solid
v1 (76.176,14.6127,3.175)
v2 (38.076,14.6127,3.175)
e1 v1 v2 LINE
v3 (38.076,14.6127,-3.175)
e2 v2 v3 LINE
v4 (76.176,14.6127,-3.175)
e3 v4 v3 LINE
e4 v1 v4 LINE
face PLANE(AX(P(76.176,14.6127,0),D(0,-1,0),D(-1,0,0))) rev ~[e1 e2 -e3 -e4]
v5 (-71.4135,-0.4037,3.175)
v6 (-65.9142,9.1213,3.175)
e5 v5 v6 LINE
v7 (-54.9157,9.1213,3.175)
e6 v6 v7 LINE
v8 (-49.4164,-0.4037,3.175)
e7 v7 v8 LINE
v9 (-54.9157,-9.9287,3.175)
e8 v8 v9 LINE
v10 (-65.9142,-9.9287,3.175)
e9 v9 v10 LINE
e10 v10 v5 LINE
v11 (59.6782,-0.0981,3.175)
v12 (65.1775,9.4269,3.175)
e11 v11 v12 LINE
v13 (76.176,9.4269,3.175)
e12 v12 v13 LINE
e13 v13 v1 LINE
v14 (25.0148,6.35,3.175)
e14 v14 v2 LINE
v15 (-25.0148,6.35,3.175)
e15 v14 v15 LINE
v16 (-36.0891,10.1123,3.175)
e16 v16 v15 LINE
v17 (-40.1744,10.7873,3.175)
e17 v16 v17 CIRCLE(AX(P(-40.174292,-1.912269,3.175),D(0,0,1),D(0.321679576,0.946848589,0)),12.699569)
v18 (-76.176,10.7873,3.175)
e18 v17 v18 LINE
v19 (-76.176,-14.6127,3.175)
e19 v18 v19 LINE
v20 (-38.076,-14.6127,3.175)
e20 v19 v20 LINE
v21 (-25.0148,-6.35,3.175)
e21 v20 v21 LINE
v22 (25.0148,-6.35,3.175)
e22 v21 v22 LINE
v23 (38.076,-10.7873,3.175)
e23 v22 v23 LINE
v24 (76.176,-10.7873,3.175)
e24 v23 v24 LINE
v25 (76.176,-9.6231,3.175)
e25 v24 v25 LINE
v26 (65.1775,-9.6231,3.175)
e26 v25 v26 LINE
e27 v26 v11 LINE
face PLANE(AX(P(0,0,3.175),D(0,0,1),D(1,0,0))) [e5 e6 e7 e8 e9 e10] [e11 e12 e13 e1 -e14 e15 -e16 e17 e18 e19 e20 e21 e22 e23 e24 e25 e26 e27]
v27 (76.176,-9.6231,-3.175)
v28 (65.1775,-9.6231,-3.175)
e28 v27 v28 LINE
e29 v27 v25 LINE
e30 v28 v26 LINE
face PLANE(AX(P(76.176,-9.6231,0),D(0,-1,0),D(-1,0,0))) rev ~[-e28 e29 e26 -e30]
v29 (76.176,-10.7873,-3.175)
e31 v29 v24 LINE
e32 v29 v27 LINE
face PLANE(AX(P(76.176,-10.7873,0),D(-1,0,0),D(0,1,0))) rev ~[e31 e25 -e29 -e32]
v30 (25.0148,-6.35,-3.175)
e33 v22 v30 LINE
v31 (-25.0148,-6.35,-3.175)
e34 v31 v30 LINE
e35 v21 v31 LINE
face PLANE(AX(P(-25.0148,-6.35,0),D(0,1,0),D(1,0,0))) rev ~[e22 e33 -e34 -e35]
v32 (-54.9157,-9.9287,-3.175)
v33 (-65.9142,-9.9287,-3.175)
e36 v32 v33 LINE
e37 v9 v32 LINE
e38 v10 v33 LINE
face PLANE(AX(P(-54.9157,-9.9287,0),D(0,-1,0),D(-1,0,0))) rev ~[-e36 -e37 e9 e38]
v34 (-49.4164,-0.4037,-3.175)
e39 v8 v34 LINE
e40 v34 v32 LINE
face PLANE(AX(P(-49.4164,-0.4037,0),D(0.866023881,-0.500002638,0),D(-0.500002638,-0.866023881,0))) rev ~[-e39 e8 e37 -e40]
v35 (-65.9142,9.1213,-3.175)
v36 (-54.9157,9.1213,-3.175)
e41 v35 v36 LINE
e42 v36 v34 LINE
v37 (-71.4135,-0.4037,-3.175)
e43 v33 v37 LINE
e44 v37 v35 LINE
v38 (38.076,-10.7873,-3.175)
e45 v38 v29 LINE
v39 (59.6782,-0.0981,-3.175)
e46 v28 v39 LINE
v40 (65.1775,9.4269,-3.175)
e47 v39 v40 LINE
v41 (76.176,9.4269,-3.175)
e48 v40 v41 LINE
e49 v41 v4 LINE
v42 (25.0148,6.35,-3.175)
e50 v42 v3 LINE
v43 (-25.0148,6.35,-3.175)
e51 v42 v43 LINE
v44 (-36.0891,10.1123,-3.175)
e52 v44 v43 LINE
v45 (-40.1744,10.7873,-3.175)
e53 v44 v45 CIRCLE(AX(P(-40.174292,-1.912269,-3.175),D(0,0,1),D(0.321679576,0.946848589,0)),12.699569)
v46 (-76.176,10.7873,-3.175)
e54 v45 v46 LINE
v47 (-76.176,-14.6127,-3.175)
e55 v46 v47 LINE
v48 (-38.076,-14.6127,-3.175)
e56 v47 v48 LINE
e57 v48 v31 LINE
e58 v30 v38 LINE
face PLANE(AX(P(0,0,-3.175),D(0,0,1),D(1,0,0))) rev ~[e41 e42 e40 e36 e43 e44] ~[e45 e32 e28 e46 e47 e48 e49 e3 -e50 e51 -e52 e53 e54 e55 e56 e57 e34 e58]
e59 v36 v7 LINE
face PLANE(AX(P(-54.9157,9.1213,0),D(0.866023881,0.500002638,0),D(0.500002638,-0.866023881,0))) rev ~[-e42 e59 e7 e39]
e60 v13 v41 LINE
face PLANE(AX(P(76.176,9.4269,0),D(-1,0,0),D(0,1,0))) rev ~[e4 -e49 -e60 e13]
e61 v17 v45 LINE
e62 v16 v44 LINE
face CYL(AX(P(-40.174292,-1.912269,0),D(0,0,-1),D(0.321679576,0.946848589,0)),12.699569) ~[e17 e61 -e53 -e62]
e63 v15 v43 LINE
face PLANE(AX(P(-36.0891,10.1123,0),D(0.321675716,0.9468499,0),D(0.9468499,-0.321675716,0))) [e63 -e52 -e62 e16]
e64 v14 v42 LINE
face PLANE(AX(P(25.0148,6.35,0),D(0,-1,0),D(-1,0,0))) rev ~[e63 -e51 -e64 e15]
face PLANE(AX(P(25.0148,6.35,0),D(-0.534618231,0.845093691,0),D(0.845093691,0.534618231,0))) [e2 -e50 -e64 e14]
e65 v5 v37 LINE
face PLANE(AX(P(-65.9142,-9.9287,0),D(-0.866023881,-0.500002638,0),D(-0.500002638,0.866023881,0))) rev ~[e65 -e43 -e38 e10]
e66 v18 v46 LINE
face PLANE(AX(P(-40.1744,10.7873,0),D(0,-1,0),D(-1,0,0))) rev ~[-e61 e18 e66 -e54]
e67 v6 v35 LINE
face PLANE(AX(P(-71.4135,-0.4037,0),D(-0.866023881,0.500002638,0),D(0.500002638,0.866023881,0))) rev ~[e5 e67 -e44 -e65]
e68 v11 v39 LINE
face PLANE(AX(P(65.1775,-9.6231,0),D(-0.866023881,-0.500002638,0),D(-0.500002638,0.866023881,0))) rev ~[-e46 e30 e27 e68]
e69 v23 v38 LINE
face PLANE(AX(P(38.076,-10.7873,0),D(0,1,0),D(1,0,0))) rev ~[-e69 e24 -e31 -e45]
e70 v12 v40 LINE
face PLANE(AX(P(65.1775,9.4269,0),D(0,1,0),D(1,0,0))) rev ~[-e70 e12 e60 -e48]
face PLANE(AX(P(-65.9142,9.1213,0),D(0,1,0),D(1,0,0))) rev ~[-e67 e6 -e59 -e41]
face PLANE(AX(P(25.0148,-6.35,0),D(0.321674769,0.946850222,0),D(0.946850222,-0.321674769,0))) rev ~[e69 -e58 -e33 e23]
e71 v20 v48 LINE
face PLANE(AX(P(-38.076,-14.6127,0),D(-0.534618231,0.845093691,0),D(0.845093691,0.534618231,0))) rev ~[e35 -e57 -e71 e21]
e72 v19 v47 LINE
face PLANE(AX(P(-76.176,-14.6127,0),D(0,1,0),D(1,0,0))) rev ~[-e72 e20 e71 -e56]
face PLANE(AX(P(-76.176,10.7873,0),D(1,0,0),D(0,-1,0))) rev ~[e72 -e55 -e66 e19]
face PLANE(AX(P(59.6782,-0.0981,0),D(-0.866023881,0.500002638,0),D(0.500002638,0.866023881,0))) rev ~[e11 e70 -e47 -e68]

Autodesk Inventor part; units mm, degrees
ref_plane "YZ Plane" through (0, 0, 0) normal (1, 0, 0) x (0, 1, 0)
ref_plane "XZ Plane" through (0, 0, 0) normal (0, 1, 0) x (-1, 0, 0)
ref_plane "XY Plane" through (0, 0, 0) normal (0, 0, 1) x (1, 0, 0)
sketch "Sketch1" plane through (0, 0, 0) normal (0, 0, 1) x (1, 0, 0)
  line L0 (76.176, -10.7873) -> (76.176, 14.6127)
  line L1 (-76.176, 10.7873) -> (-76.176, -14.6127)
  line L2 (-76.176, -14.6127) -> (76.176, 14.6127) construction
  line L3 (76.176, -10.7873) -> (-76.176, 10.7873) construction
  line L4 (76.176, 9.4269) -> (81.6753, -0.0981)
  line L5 (81.6753, -0.0981) -> (76.176, -9.6231)
  line L6 (76.176, -9.6231) -> (65.1775, -9.6231)
  line L7 (65.1775, -9.6231) -> (59.6782, -0.0981)
  line L8 (59.6782, -0.0981) -> (65.1775, 9.4269)
  line L9 (65.1775, 9.4269) -> (76.176, 9.4269)
  line L10 (76.176, 9.4269) -> (76.176, -9.6231) construction
  line L11 (-54.9157, 9.1213) -> (-49.4164, -0.4037)
  line L12 (-49.4164, -0.4037) -> (-54.9157, -9.9287)
  line L13 (-54.9157, -9.9287) -> (-65.9142, -9.9287)
  line L14 (-65.9142, -9.9287) -> (-71.4135, -0.4037)
  line L15 (-71.4135, -0.4037) -> (-65.9142, 9.1213)
  line L16 (-65.9142, 9.1213) -> (-54.9157, 9.1213)
  line L17 (-76.176, -14.6127) -> (-38.076, -14.6127) construction
  line L18 (-38.076, -14.6127) -> (-38.076, 10.7873) construction
  line L19 (-40.1744, 10.7873) -> (-76.176, 10.7873) construction
  line L20 (-76.176, 10.7873) -> (-76.176, -14.6127) construction
  line L21 (76.176, 14.6127) -> (38.076, 14.6127) construction
  line L22 (38.076, 14.6127) -> (38.076, -10.7873) construction
  line L23 (38.076, -10.7873) -> (76.176, -10.7873) construction
  line L24 (76.176, -10.7873) -> (76.176, 14.6127) construction
  line L25 (-25.0148, -6.35) -> (25.0148, -6.35) construction
  line L26 (25.0148, -6.35) -> (25.0148, 6.35) construction
  line L27 (25.0148, 6.35) -> (-25.0148, 6.35) construction
  line L28 (-25.0148, 6.35) -> (-25.0148, -6.35) construction
  line L29 (-25.0148, -6.35) -> (25.0148, 6.35) construction
  line L30 (25.0148, -6.35) -> (-25.0148, 6.35) construction
  line L31 (-36.0891, 10.1123) -> (-25.0148, 6.35)
  line L32 (25.0148, 6.35) -> (38.076, 14.6127)
  line L33 (25.0148, 6.35) -> (-25.0148, 6.35)
  line L34 (-38.076, -14.6127) -> (-25.0148, -6.35)
  line L35 (-25.0148, -6.35) -> (25.0148, -6.35)
  line L36 (25.0148, -6.35) -> (38.076, -10.7873)
  line L37 (76.176, 14.6127) -> (38.076, 14.6127)
  line L38 (-38.076, 10.7873) -> (-76.176, 10.7873)
  line L39 (-76.176, -14.6127) -> (-38.076, -14.6127)
  line L40 (38.076, -10.7873) -> (76.176, -10.7873)
  arc A0 (-36.0891, 10.1123) -> (-40.1744, 10.7873) centre (-40.1744, -1.9127) ccw
  point P0 (0, 0)
  point P1 (70.6767, -0.0981)
  point P2 (-60.415, -0.4037)
  point P3 (76.176, -9.6231)
  point P4 (76.176, 9.4269)
  dimension "totalLength" = 152.4
  dimension "d1" = 25.4
  dimension "d2" = 19.05
  dimension "d3" = 4.7625
  dimension "d4" = 19.05
  dimension "d5" = 38.1
  dimension "d6" = 38.1
  dimension "d8" = 12.7
  dimension "d9" = 12.7
extrude "Extrusion1" add sketch "Sketch1" along normal mid plane 6.35 contours L40 L36 L35 L34 L39 L1 L38 A0 L31 L33 L32 L37 L0 L9 L8 L7 L6
properties part number "Whack01"
